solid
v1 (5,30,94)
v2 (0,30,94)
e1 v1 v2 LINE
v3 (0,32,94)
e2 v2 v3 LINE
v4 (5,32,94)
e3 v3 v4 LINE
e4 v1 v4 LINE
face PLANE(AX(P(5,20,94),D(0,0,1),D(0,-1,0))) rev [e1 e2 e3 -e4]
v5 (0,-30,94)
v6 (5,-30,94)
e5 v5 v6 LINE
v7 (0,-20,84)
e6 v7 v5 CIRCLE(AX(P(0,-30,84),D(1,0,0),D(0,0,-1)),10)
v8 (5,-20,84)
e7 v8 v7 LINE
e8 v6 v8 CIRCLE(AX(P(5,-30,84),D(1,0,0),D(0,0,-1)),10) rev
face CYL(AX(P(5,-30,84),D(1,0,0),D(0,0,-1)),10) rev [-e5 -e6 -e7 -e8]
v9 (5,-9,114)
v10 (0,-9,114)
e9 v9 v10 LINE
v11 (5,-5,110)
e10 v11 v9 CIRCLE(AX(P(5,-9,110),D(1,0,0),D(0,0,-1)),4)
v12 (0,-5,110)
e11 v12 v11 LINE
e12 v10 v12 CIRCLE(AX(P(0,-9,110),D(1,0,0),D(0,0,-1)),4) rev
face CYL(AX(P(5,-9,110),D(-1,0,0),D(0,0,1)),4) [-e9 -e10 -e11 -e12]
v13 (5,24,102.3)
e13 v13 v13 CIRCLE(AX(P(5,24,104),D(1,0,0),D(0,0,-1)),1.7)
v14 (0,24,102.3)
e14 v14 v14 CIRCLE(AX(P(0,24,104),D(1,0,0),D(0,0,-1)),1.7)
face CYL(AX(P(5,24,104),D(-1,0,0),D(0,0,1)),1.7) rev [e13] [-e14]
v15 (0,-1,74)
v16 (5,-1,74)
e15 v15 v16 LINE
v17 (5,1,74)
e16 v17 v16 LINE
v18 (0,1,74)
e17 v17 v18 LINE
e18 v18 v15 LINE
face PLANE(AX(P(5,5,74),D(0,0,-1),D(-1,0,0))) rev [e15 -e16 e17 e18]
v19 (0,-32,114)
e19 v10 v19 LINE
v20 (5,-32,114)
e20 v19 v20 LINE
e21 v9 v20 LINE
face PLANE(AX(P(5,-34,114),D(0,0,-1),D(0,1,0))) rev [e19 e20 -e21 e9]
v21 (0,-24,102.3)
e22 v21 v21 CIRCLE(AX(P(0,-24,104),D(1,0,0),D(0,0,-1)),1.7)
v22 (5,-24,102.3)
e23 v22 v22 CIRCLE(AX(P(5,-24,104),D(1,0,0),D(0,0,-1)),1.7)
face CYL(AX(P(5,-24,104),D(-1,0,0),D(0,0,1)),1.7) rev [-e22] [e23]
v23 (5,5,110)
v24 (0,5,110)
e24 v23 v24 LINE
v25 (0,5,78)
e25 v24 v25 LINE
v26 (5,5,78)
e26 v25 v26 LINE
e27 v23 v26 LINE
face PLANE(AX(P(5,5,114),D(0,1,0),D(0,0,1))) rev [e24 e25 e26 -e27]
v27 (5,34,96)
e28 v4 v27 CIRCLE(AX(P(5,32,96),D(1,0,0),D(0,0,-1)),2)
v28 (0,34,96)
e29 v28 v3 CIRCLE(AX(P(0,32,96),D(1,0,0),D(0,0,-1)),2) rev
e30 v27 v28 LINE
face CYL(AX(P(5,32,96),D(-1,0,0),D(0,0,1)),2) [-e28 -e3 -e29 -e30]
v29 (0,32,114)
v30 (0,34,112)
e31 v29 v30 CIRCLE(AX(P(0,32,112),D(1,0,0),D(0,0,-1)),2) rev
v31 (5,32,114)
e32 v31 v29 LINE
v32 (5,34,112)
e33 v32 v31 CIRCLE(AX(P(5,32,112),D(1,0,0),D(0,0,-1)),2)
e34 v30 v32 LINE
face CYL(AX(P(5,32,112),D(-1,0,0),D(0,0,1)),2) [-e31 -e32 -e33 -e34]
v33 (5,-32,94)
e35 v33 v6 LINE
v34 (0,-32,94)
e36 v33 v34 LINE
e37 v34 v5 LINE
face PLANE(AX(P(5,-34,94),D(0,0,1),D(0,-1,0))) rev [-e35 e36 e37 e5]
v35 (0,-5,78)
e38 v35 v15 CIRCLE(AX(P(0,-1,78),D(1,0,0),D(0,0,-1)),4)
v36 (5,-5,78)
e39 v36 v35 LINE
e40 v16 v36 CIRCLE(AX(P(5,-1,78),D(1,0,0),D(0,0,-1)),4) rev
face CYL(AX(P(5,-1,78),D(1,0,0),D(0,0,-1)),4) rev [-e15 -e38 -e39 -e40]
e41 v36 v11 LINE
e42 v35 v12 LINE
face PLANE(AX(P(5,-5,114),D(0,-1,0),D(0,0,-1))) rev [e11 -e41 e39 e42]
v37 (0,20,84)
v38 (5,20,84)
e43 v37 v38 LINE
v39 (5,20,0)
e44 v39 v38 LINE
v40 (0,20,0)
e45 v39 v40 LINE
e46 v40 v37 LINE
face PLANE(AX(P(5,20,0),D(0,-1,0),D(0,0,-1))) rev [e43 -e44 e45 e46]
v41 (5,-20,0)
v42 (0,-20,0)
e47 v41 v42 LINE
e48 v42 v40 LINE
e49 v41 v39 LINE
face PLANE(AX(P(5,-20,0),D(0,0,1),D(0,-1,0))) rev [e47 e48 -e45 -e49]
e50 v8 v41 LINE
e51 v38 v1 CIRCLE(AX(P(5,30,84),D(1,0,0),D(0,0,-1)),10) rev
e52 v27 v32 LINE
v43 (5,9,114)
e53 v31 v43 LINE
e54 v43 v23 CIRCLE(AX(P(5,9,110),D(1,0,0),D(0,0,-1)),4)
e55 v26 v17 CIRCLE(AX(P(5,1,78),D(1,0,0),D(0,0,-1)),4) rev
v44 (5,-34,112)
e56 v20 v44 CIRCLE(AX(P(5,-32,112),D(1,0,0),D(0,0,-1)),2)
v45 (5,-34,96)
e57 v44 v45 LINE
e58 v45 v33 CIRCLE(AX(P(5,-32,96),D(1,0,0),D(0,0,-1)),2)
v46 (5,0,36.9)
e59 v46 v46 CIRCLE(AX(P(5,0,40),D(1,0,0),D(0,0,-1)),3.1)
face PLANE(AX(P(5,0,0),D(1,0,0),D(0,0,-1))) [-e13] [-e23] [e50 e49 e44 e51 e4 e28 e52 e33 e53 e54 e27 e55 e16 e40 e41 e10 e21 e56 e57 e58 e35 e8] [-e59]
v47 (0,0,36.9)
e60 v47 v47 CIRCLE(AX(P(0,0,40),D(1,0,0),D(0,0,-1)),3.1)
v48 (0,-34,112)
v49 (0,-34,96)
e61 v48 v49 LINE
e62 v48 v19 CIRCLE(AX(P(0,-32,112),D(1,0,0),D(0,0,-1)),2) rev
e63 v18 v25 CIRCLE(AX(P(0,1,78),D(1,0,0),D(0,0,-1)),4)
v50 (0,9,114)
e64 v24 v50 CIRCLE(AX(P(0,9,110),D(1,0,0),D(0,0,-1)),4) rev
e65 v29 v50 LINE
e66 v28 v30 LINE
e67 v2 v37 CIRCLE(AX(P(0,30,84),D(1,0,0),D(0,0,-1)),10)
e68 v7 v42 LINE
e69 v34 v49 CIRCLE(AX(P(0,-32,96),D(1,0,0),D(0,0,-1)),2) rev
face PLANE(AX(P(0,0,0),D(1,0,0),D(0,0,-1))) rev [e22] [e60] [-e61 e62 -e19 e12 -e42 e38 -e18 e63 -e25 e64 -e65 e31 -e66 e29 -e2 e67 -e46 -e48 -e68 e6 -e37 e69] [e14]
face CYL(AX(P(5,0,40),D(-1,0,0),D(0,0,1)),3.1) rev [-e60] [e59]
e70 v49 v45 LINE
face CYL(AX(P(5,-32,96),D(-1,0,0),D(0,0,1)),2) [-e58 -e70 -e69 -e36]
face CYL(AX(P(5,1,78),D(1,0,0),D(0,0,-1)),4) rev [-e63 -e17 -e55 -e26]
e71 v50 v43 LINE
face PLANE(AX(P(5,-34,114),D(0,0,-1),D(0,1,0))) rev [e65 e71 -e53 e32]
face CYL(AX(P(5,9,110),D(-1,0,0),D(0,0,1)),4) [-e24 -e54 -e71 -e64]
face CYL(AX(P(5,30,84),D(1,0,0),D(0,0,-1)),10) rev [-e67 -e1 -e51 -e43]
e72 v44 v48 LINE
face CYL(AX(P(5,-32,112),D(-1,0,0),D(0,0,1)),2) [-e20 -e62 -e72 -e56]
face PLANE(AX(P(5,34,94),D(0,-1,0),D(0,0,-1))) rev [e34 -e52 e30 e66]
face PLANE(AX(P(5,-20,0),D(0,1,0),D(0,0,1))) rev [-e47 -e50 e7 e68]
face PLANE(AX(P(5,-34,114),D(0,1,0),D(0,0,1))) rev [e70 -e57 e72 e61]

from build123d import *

# Parameters (mm, degrees)
SKETCH2_R           = 3.1
SKETCH2_R_2         = 1.7
BOSS_EXTRUDE1_DEPTH = 5
FILLET1_R           = 10
FILLET2_R           = 2
SKETCH3_W           = 10
SKETCH3_H           = 40
CUT_EXTRUDE1_DEPTH  = 5
FILLET3_R           = 4


with BuildPart() as part:
    # Sketch2 → Boss-Extrude1 (new body)
    with BuildSketch(Plane.YZ):
        Polygon((-20, 0), (-20, 94), (-34, 94), (-34, 114), (34, 114), (34, 94), (20, 94), (20, 0), align=None)
        with Locations(Location((0, 40, 0), (0, 0, 270))):
            Circle(SKETCH2_R, mode=Mode.SUBTRACT)
        with Locations(Location((-24, 104, 0), (0, 0, 270))):
            Circle(SKETCH2_R_2, mode=Mode.SUBTRACT)
        with Locations(Location((24, 104, 0), (0, 0, 270))):
            Circle(SKETCH2_R_2, mode=Mode.SUBTRACT)
    extrude(amount=BOSS_EXTRUDE1_DEPTH)

    # Fillet1
    fillet1_edges = [part.edges().sort_by_distance(p)[0] for p in [
        (2.5, -20, 94),
        (2.5, 20, 94),
    ]]
    fillet(fillet1_edges, radius=FILLET1_R)

    # Fillet2
    fillet2_edges = [part.edges().sort_by_distance(p)[0] for p in [
        (2.5, -34, 94),
        (2.5, -34, 114),
        (2.5, 34, 114),
        (2.5, 34, 94),
    ]]
    fillet(fillet2_edges, radius=FILLET2_R)

    # Sketch3 → Cut-Extrude1 (cut)
    with BuildSketch(Plane(origin=(0, 0, 0), x_dir=(0, -1, 0), z_dir=(-1, 0, 0))):
        with Locations((0, 94)):
            Rectangle(SKETCH3_W, SKETCH3_H)
    extrude(amount=-CUT_EXTRUDE1_DEPTH, mode=Mode.SUBTRACT)

    # Fillet3
    fillet3_edges = [part.edges().sort_by_distance(p)[0] for p in [
        (2.5, 5, 74),
        (2.5, 5, 114),
        (2.5, -5, 114),
        (2.5, -5, 74),
    ]]
    fillet(fillet3_edges, radius=FILLET3_R)


solid = part.part
